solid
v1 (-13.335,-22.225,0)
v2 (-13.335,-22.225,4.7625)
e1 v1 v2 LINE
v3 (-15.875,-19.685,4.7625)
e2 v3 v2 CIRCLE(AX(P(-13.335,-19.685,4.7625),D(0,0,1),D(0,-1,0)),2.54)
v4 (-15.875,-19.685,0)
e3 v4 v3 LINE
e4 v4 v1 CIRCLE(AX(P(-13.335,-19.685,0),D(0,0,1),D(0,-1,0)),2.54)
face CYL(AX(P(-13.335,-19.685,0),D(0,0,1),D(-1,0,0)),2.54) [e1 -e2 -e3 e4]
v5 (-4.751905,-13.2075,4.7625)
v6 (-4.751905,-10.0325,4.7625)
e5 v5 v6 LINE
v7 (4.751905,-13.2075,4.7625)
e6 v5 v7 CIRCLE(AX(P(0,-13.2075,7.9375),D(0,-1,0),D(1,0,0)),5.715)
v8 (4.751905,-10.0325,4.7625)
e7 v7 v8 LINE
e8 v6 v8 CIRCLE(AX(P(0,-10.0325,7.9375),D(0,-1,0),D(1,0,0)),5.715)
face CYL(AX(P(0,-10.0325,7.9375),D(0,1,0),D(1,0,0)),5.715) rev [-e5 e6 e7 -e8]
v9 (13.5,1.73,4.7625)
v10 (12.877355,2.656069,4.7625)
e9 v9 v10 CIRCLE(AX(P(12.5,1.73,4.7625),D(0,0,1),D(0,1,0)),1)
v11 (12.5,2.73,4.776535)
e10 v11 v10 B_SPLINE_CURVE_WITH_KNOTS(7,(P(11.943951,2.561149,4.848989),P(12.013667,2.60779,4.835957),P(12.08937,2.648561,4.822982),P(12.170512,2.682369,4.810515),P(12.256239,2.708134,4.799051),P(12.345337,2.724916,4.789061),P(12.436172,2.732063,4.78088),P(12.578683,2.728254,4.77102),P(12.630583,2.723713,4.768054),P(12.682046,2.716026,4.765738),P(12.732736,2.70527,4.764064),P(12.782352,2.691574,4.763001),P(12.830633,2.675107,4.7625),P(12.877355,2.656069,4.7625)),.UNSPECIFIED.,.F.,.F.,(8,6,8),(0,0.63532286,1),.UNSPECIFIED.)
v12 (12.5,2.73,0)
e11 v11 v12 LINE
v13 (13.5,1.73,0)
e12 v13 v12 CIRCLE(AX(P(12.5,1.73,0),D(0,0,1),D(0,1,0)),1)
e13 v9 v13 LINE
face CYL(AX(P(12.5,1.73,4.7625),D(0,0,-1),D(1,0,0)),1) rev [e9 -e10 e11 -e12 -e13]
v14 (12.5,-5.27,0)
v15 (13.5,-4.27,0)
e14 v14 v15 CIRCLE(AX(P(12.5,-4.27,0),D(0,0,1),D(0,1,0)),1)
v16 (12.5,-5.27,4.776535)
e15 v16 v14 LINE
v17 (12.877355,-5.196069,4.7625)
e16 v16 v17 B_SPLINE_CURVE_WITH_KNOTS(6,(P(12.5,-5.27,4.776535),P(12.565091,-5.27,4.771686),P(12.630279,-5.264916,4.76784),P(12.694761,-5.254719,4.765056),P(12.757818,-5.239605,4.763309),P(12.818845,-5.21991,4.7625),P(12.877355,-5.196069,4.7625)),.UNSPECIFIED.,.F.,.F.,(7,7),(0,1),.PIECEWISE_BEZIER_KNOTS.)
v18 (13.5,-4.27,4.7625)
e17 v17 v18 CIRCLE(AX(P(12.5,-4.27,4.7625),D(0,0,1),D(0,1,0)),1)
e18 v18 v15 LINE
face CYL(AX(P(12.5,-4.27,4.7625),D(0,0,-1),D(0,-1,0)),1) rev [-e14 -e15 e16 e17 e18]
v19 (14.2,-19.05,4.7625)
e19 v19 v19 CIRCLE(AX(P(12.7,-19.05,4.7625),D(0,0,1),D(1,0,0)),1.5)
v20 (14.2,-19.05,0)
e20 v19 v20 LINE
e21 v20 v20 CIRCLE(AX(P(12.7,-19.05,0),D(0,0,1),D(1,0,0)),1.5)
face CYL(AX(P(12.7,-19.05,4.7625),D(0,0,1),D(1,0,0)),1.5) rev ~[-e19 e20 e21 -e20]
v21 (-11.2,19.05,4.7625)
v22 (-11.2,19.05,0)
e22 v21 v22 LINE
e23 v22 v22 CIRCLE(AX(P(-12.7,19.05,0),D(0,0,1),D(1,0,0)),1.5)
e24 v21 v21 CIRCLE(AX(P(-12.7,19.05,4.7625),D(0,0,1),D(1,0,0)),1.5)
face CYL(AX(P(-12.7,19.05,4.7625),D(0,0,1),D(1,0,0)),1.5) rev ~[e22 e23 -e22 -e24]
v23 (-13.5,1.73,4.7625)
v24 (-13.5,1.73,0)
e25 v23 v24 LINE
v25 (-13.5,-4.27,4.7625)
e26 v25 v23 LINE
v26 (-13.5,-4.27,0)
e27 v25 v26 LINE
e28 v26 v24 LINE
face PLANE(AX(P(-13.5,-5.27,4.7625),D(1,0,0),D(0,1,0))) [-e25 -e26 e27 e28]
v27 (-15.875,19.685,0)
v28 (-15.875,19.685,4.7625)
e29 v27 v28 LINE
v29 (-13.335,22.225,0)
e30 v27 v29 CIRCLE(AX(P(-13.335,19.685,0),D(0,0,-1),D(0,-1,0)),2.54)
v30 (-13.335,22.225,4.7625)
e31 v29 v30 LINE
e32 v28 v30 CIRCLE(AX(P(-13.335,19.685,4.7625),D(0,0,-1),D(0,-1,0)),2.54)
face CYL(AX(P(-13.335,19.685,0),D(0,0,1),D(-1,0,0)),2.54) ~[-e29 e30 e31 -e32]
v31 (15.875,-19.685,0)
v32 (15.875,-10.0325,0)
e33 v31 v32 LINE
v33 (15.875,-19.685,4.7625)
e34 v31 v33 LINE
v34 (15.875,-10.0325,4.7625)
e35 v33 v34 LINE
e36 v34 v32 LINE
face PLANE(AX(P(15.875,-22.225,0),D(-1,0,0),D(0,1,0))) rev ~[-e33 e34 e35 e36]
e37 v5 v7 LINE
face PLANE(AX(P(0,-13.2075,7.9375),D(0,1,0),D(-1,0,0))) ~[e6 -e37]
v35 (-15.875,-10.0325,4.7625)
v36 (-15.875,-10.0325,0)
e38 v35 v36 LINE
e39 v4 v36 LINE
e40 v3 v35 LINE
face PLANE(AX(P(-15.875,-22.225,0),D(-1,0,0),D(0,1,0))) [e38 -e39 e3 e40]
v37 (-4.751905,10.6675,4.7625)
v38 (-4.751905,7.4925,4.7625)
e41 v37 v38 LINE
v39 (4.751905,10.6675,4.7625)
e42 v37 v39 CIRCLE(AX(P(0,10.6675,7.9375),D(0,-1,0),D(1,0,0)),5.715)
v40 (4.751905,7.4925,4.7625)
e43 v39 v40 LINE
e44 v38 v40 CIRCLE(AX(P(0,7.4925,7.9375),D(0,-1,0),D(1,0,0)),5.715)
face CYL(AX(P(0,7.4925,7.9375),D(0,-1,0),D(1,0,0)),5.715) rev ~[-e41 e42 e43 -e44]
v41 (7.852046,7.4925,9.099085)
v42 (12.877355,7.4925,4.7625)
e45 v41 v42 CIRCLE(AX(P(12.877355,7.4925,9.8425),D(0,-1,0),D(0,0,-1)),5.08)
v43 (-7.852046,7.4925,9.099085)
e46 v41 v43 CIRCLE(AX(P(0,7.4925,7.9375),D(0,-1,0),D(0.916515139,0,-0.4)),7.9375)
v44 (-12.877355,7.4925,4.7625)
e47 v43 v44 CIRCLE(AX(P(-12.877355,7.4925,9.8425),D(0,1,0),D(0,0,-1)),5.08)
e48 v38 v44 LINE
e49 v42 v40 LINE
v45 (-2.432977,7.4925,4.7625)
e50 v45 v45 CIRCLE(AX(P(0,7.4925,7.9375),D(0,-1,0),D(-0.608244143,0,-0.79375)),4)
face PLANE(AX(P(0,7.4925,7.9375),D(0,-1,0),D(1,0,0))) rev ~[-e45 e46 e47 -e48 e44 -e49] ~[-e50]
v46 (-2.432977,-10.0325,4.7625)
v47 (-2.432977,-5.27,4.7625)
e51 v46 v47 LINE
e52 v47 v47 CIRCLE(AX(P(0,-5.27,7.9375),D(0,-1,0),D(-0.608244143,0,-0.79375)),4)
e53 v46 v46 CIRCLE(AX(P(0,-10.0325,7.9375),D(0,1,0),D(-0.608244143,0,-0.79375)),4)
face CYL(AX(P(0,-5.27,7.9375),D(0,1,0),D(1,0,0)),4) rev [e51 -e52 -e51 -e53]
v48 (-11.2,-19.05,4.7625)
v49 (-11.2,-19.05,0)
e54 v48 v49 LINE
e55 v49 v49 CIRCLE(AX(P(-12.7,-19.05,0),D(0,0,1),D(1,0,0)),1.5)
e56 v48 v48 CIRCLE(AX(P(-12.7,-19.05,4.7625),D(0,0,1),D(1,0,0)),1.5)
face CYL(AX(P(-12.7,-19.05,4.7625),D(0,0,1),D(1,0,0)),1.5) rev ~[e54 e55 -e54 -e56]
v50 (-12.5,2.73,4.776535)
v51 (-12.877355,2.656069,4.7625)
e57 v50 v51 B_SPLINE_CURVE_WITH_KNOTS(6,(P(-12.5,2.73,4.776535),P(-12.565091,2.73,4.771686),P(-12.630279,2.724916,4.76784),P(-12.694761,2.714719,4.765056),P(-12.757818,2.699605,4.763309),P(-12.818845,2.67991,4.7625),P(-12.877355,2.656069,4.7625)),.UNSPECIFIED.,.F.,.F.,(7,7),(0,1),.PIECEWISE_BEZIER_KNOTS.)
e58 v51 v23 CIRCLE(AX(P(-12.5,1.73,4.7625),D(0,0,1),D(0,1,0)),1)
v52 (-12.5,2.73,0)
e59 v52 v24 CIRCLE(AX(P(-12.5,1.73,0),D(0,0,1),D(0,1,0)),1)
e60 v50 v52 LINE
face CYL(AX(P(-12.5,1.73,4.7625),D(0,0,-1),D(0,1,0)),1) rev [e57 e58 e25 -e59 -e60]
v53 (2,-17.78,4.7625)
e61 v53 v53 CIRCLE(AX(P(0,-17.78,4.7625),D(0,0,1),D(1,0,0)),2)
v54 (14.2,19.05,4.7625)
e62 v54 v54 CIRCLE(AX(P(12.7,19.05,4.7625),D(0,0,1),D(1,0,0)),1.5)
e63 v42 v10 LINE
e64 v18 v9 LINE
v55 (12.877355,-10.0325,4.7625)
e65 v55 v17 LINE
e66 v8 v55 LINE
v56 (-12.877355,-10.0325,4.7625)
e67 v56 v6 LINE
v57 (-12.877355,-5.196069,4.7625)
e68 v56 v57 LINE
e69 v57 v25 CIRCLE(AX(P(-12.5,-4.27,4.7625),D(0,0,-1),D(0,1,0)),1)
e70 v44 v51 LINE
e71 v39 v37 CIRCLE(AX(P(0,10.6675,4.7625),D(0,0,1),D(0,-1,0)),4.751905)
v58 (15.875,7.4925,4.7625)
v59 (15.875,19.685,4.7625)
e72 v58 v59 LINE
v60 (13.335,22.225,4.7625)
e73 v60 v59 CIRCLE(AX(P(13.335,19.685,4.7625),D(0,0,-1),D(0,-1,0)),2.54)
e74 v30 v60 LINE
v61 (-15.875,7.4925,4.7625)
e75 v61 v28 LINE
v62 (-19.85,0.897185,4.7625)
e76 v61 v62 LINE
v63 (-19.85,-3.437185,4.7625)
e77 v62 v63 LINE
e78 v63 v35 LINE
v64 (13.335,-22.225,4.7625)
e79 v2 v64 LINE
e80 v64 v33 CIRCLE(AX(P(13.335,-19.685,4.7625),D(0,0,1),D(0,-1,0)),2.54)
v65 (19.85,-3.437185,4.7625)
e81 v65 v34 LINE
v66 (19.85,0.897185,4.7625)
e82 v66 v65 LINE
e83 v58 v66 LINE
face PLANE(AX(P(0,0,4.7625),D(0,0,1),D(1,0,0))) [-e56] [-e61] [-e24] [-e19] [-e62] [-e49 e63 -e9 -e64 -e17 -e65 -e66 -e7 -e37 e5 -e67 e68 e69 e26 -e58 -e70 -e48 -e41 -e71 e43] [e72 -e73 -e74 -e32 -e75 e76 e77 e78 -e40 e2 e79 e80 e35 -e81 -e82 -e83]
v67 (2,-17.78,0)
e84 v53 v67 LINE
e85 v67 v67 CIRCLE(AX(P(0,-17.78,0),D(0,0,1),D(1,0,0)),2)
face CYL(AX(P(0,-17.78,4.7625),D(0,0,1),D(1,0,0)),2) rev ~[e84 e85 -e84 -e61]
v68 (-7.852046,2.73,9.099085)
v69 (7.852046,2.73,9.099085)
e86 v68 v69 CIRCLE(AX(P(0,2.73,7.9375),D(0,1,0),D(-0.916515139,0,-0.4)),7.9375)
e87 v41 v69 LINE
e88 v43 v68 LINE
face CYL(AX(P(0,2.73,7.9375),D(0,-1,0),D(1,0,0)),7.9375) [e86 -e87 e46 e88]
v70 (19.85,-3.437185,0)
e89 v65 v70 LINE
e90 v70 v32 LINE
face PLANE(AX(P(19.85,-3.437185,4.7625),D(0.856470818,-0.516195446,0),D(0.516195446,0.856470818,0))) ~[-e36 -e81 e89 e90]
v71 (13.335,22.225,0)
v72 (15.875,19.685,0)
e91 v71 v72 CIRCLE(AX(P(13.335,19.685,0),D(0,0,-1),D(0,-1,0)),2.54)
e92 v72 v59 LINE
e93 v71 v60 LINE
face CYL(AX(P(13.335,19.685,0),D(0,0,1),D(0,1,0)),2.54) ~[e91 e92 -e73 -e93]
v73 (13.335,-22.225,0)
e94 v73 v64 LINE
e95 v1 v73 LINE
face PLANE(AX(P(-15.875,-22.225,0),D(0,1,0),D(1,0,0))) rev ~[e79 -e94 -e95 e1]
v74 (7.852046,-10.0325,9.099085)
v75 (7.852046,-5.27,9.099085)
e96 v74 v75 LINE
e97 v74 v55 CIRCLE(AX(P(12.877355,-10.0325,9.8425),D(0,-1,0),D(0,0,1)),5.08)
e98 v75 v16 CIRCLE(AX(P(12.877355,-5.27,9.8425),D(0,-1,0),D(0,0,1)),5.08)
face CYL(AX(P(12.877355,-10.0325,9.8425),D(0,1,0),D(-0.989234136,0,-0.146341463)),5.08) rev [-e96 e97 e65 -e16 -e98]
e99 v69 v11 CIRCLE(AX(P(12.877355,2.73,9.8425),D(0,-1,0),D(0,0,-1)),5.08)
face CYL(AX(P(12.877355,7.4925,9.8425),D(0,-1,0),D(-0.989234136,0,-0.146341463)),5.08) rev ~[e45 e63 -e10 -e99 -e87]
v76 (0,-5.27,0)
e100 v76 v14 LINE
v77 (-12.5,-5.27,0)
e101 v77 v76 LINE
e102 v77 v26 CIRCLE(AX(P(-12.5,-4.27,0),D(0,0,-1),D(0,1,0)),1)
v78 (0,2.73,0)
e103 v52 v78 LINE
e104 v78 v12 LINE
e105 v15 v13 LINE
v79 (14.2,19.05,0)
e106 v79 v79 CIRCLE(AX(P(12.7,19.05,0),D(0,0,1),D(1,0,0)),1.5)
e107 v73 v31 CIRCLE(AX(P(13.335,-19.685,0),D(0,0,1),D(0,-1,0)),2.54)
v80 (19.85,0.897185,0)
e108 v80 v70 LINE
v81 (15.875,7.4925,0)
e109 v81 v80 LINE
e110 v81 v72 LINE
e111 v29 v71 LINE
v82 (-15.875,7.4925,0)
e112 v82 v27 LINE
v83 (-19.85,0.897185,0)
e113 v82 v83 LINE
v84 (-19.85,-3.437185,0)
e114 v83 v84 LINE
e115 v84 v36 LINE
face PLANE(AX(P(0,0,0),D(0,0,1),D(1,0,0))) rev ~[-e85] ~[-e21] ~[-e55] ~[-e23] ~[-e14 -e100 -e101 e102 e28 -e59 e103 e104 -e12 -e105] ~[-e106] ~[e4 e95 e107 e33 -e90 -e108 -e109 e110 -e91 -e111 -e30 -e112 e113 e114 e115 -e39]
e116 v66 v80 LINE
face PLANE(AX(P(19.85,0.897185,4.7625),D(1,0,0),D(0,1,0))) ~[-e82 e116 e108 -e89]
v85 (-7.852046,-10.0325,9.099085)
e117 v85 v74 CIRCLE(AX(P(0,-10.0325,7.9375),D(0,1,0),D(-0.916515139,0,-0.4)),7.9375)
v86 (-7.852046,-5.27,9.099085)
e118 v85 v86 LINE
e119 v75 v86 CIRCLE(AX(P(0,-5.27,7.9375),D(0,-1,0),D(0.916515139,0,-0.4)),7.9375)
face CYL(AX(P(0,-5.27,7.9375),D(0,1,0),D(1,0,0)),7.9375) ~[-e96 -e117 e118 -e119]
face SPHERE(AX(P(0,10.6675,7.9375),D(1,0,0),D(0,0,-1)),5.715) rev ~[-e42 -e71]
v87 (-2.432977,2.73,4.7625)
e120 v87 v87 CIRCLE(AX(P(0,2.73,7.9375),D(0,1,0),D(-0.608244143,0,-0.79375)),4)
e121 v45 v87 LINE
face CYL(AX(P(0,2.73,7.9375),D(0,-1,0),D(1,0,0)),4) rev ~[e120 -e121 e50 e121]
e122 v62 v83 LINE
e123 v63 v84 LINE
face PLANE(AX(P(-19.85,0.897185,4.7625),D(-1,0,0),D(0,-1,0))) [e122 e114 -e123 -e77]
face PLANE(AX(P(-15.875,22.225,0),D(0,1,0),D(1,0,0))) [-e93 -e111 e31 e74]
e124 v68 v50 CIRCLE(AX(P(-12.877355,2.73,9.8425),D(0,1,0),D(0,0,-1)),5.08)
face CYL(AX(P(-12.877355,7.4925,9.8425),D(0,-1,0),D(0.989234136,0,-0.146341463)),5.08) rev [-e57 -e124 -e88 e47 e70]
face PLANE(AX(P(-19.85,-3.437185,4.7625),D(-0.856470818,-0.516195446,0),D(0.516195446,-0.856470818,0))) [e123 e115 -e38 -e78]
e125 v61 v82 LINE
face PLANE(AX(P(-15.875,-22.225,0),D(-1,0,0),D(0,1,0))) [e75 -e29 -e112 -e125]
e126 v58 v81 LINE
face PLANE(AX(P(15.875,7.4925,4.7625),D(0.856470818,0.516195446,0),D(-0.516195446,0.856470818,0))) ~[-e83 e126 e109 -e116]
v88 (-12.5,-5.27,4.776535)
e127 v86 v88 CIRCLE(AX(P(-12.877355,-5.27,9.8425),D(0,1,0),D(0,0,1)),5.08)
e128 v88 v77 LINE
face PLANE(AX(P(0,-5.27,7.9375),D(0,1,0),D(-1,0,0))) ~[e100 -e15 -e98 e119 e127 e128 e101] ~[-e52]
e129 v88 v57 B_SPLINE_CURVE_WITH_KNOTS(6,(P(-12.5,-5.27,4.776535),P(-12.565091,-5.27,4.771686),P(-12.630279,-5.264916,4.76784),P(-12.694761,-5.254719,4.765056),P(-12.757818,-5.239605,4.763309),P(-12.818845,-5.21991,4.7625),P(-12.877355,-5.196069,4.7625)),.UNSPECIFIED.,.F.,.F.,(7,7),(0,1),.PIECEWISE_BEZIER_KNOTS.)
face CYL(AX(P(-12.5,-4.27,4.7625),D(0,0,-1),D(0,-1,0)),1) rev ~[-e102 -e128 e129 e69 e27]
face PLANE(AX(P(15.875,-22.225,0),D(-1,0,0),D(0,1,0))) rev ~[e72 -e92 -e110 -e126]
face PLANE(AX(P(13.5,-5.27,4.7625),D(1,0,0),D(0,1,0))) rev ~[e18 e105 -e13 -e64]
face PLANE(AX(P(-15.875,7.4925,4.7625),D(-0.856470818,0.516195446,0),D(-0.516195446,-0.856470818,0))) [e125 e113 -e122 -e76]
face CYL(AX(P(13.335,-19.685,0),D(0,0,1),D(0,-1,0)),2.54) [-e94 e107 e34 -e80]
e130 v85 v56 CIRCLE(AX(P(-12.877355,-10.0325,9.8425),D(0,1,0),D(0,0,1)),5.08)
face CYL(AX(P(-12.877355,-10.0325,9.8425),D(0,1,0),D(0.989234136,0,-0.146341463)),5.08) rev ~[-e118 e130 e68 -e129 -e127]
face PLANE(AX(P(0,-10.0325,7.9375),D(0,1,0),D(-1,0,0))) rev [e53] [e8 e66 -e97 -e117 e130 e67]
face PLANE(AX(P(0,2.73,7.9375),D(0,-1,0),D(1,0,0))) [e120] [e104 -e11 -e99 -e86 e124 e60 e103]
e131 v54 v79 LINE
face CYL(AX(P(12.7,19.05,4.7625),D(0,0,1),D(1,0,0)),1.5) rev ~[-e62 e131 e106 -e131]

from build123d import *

# Parameters (mm, degrees)
SKETCH1_W            = 31.75
SKETCH1_H            = 44.45
BOSS_EXTRUDE1_DEPTH  = 4.7625
SKETCH2_R            = 1.5
SKETCH2_R_2          = 2
CUT_EXTRUDE1_DEPTH   = 5.7625
FILLET1_R            = 2.54
SKETCH3_W            = 27
SKETCH3_H            = 8
CUT_EXTRUDE2_DEPTH   = 5.7625
FILLET2_R            = 1
SKETCH4_R            = 7.9375
SKETCH4_R_2          = 4
BOSS_EXTRUDE2_DEPTH  = 4.7625
SKETCH5_R            = 4
CUT_EXTRUDE3_DEPTH   = 4.7625
SKETCH6_R            = 5.715
CUT_EXTRUDE4_DEPTH   = 3.175
CUT_REVOLVE1_ANGLE   = 90
FILLET3_R            = 5.08
FILLET3_OF_MIRROR1_R = 5.08
BOSS_EXTRUDE3_DEPTH  = 4.7625


with BuildPart() as part:
    # Sketch1 → Boss-Extrude1 (new body)
    with BuildSketch(Plane.XY):
        Rectangle(SKETCH1_W, SKETCH1_H)
    extrude(amount=BOSS_EXTRUDE1_DEPTH)

    # Sketch2 → Cut-Extrude1 (cut, through all)
    with BuildSketch(Plane.XY.offset(4.7625)):
        with Locations((-12.7, 19.05)):
            Circle(SKETCH2_R)
        with Locations((12.7, 19.05)):
            Circle(SKETCH2_R)
        with Locations((0, -17.78)):
            Circle(SKETCH2_R_2)
        with Locations((12.7, -19.05)):
            Circle(SKETCH2_R)
        with Locations((-12.7, -19.05)):
            Circle(SKETCH2_R)
    extrude(amount=-CUT_EXTRUDE1_DEPTH, mode=Mode.SUBTRACT)

    # Fillet1
    fillet1_edges = [part.edges().sort_by_distance(p)[0] for p in [
        (15.875, -22.225, 2.38125),
        (-15.875, -22.225, 2.38125),
        (-15.875, 22.225, 2.38125),
        (15.875, 22.225, 2.38125),
    ]]
    fillet(fillet1_edges, radius=FILLET1_R)

    # Sketch3 → Cut-Extrude2 (cut, through all)
    with BuildSketch(Plane.XY.offset(4.7625)):
        with Locations((0, -1.27)):
            Rectangle(SKETCH3_W, SKETCH3_H)
    extrude(amount=-CUT_EXTRUDE2_DEPTH, mode=Mode.SUBTRACT)

    # Fillet2
    fillet2_edges = [part.edges().sort_by_distance(p)[0] for p in [
        (13.5, 2.73, 2.38125),
        (13.5, -5.27, 2.38125),
        (-13.5, -5.27, 2.38125),
        (-13.5, 2.73, 2.38125),
    ]]
    fillet(fillet2_edges, radius=FILLET2_R)

    # Sketch4 → Boss-Extrude2 (add)
    with BuildSketch(Plane.XZ.offset(-2.73)):
        with Locations((0, 7.9375)):
            Circle(SKETCH4_R)
        with Locations((0, 7.9375)):
            Circle(SKETCH4_R_2, mode=Mode.SUBTRACT)
    boss_extrude2 = extrude(amount=-BOSS_EXTRUDE2_DEPTH)

    # Sketch5 → Cut-Extrude3 (cut)
    with BuildSketch(Plane.XZ.offset(-2.73)):
        with Locations((0, 7.9375)):
            Circle(SKETCH5_R)
    cut_extrude3 = extrude(amount=-CUT_EXTRUDE3_DEPTH, mode=Mode.SUBTRACT)

    # Sketch6 → Cut-Extrude4 (cut)
    with BuildSketch(Plane.XZ.offset(-7.4925)):
        with Locations((0, 7.9375)):
            Circle(SKETCH6_R)
    cut_extrude4 = extrude(amount=-CUT_EXTRUDE4_DEPTH, mode=Mode.SUBTRACT)

    # Sketch7 → Cut-Revolve1 (revolve, cut)
    with BuildSketch(Plane.XZ.offset(-10.6675)):
        with BuildLine():
            Line((5.715, 7.9375), (-5.715, 7.9375))
            ThreePointArc((-5.715, 7.9375), (0, 2.2225), (5.715, 7.9375))
        make_face()
    revolve(axis=Axis((5.715, 10.6675, 7.9375), (1, 0, 0)), revolution_arc=CUT_REVOLVE1_ANGLE, mode=Mode.SUBTRACT)

    # Fillet3
    fillet3_edges = [part.edges().sort_by_distance(p)[0] for p in [
        (7.274838916, 5.11125, 4.7625),
        (-7.274838916, 5.11125, 4.7625),
    ]]
    fillet(fillet3_edges, radius=FILLET3_R)

    # Mirror1: Boss-Extrude2, Cut-Extrude3, Cut-Extrude4 across plane
    add(boss_extrude2.mirror(Plane(origin=(0, -1.27, 0), x_dir=(0, 0, 1), z_dir=(0, -1, 0))))
    add(cut_extrude3.mirror(Plane(origin=(0, -1.27, 0), x_dir=(0, 0, 1), z_dir=(0, -1, 0))), mode=Mode.SUBTRACT)
    add(cut_extrude4.mirror(Plane(origin=(0, -1.27, 0), x_dir=(0, 0, 1), z_dir=(0, -1, 0))), mode=Mode.SUBTRACT)

    # Fillet3 of Mirror1
    fillet3_of_mirror1_edges = [part.edges().sort_by_distance(p)[0] for p in [
        (7.274838916, -7.65125, 4.7625),
        (-7.274838916, -7.65125, 4.7625),
    ]]
    fillet(fillet3_of_mirror1_edges, radius=FILLET3_OF_MIRROR1_R)

    # Sketch9 → Boss-Extrude3 (add)
    with BuildSketch(Plane.XY.offset(4.7625)):
        Polygon((-15.875, 7.4925), (-19.85, 0.897185125), (-19.85, -3.437185125), (-15.875, -10.0325), align=None)
    boss_extrude3 = extrude(amount=-BOSS_EXTRUDE3_DEPTH)

    # Mirror2: Boss-Extrude3 across plane
    add(boss_extrude3.mirror(Plane(origin=(0, 0, 0), x_dir=(0, 0, 1), z_dir=(1, 0, 0))))


solid = part.part
